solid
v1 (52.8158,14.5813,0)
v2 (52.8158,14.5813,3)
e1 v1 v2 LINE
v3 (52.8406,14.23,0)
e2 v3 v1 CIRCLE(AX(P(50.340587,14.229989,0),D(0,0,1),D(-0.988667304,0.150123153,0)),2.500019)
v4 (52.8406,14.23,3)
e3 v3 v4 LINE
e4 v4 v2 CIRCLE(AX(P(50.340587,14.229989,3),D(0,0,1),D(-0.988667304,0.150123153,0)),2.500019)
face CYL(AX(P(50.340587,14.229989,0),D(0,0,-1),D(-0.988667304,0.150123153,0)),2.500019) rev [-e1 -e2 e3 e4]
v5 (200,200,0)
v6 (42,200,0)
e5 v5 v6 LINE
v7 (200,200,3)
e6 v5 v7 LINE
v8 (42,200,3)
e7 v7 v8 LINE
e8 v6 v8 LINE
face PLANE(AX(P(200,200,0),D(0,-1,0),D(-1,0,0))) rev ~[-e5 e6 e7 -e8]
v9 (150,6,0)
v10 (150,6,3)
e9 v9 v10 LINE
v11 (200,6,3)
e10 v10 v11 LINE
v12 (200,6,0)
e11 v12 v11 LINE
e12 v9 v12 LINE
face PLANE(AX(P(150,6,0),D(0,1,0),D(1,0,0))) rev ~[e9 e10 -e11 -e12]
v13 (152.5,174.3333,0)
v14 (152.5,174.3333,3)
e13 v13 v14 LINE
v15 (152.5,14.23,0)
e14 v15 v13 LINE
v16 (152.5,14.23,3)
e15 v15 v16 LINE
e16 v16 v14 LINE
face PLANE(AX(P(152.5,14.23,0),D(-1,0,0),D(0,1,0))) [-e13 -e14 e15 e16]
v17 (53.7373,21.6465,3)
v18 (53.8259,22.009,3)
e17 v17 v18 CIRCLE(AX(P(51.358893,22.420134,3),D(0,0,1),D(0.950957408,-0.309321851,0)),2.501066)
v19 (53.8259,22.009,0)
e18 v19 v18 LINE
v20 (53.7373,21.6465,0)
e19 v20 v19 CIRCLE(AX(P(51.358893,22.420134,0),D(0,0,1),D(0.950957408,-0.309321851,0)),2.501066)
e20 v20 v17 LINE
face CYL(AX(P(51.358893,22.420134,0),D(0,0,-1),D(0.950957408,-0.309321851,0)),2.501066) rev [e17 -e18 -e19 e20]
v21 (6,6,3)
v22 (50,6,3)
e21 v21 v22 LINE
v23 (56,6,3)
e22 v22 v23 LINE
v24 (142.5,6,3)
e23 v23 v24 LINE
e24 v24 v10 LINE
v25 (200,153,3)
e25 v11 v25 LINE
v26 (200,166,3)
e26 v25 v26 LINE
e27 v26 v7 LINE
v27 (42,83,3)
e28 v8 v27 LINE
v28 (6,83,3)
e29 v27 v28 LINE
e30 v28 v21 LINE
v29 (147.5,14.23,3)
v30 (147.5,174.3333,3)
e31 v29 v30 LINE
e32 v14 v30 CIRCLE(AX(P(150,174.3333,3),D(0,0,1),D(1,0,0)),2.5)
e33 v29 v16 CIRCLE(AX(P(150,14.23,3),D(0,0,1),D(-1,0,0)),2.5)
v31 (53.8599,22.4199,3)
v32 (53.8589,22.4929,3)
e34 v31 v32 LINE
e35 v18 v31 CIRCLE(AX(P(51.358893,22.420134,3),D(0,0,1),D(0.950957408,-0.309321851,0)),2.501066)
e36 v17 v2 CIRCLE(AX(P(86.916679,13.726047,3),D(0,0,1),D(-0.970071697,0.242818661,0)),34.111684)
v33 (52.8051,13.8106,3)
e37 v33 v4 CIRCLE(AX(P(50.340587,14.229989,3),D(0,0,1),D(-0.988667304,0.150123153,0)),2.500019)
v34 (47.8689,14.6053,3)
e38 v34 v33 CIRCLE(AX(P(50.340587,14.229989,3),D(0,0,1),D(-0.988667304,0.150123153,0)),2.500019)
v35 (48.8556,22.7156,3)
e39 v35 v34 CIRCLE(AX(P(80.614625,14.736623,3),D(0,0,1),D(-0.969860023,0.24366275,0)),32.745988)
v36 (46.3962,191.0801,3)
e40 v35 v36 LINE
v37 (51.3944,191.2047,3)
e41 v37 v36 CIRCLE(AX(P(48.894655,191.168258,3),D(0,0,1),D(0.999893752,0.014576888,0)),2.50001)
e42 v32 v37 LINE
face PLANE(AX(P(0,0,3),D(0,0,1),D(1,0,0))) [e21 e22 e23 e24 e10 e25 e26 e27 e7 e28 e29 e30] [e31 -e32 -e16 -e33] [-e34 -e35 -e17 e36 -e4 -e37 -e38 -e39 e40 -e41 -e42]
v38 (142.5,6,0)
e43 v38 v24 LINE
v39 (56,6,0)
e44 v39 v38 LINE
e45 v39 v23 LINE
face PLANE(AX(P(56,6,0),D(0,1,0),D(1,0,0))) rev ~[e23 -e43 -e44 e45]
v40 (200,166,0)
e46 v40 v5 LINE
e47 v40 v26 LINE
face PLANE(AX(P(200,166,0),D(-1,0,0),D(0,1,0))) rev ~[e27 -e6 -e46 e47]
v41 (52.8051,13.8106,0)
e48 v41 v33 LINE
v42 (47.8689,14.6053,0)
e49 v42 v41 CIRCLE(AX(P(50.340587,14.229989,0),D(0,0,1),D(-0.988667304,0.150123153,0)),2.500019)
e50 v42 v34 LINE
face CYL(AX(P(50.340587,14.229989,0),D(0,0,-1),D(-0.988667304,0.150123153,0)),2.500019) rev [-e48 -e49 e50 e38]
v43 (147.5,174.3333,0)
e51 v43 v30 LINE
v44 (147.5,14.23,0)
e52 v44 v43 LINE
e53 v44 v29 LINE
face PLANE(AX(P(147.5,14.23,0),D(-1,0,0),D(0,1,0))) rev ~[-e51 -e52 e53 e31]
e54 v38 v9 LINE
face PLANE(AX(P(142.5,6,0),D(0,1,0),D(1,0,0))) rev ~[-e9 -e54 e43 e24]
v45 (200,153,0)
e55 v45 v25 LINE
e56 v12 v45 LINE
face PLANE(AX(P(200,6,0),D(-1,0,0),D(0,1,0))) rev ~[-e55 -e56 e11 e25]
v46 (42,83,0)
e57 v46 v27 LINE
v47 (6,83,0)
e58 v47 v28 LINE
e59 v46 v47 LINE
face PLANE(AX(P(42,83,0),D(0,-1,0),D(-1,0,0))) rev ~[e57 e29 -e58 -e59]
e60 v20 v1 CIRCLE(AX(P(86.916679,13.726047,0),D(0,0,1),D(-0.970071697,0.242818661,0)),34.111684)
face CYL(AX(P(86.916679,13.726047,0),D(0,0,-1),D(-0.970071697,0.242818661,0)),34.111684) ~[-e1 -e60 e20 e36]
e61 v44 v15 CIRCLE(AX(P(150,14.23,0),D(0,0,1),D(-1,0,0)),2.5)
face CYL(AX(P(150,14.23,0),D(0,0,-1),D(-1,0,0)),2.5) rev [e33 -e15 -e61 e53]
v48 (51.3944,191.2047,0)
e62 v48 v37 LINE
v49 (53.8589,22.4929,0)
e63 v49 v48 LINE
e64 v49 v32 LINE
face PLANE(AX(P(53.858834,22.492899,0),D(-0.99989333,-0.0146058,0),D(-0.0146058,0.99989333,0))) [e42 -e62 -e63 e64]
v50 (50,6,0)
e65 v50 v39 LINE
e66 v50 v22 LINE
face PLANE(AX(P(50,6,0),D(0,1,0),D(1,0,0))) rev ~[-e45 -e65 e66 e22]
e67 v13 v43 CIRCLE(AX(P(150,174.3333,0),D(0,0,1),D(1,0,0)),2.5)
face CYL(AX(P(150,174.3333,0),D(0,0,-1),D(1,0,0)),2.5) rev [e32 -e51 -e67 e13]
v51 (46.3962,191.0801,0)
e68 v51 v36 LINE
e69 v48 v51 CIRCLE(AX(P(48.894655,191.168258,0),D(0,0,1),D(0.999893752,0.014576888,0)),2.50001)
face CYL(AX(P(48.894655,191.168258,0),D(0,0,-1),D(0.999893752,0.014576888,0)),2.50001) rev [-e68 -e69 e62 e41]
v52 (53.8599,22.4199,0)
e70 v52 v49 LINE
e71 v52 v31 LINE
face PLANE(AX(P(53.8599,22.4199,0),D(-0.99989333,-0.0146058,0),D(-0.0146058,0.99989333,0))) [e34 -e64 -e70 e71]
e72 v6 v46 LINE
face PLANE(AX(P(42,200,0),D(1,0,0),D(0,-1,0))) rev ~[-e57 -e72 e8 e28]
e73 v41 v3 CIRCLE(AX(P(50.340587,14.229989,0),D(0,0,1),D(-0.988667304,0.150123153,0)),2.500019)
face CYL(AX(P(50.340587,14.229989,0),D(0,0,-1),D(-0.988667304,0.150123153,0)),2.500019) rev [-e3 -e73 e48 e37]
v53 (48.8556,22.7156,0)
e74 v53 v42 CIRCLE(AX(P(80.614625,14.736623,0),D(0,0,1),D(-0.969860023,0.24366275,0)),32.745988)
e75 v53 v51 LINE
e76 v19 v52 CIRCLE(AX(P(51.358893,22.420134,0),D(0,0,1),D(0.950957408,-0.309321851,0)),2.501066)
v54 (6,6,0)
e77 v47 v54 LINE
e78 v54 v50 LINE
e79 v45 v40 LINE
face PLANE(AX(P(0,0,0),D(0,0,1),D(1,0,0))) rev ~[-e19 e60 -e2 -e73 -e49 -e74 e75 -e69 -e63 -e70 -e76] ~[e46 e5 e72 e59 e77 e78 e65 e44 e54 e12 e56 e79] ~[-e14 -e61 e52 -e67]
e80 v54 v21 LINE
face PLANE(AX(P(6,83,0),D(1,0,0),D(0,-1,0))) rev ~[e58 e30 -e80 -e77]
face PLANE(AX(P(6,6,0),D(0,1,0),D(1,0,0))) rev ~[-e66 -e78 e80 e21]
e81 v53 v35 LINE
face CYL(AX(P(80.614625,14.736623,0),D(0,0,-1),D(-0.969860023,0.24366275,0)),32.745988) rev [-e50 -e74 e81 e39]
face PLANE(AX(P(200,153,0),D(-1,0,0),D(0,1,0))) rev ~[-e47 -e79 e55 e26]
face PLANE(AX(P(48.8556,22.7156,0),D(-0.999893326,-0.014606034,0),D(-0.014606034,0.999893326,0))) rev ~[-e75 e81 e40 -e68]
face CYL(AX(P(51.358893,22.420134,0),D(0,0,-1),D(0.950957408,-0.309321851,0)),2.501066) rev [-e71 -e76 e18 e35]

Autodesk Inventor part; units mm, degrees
ref_plane "YZ Plane" through (0, 0, 0) normal (1, 0, 0) x (0, 1, 0)
ref_plane "XZ Plane" through (0, 0, 0) normal (0, 1, 0) x (-1, 0, 0)
ref_plane "XY Plane" through (0, 0, 0) normal (0, 0, 1) x (1, 0, 0)
sketch "Sketch1" plane through (0, 0, 0) normal (0, 0, 1) x (1, 0, 0)
  line L0 (6, 6) -> (200, 6)
  line L1 (200, 6) -> (200, 200)
  line L2 (200, 200) -> (42, 200)
  line L3 (6, 83) -> (6, 6)
  line L4 (6, 6) -> (56, 6)
  line L5 (200, 6) -> (150, 6)
  line L6 (200, 6) -> (200, 153)
  line L7 (150, 6) -> (142.5, 6)
  line L8 (200, 6) -> (200, 166)
  arc A0 (152.5, 174.3333) -> (147.5, 174.3333) centre (150, 174.3333) ccw
  line L9 (150, 6) -> (50, 6)
  arc A1 (47.8689, 14.6053) -> (52.8158, 14.5813) centre (50.3406, 14.23) ccw
  arc A2 (53.8259, 22.009) -> (52.8051, 13.8106) centre (86.918, 13.7258) ccw
  arc A3 (51.3944, 191.2047) -> (46.3962, 191.0801) centre (48.8946, 191.1682) ccw
  line L10 (53.8599, 22.4199) -> (51.3944, 191.2047)
  line L11 (48.8556, 22.7156) -> (46.3962, 191.0801)
  arc A4 (53.7373, 21.6465) -> (53.8589, 22.4929) centre (51.3599, 22.4199) ccw
  arc A5 (48.8556, 22.7156) -> (47.8689, 14.6053) centre (80.6169, 14.7362) ccw
  line L12 (52.8406, 14.23) -> (52.8088, 14.23)
  arc A6 (147.5, 14.23) -> (152.5, 14.23) centre (150, 14.23) ccw
  line L13 (147.5, 14.23) -> (147.5, 174.3333)
  line L14 (152.5, 14.23) -> (152.5, 174.3333)
  line L15 (42, 200) -> (42, 83)
  line L16 (42, 83) -> (6, 83)
  dimension "d1" = 194
extrude "Extrusion1" add sketch "Sketch1" along normal blind 3
properties part number "inside walls"
